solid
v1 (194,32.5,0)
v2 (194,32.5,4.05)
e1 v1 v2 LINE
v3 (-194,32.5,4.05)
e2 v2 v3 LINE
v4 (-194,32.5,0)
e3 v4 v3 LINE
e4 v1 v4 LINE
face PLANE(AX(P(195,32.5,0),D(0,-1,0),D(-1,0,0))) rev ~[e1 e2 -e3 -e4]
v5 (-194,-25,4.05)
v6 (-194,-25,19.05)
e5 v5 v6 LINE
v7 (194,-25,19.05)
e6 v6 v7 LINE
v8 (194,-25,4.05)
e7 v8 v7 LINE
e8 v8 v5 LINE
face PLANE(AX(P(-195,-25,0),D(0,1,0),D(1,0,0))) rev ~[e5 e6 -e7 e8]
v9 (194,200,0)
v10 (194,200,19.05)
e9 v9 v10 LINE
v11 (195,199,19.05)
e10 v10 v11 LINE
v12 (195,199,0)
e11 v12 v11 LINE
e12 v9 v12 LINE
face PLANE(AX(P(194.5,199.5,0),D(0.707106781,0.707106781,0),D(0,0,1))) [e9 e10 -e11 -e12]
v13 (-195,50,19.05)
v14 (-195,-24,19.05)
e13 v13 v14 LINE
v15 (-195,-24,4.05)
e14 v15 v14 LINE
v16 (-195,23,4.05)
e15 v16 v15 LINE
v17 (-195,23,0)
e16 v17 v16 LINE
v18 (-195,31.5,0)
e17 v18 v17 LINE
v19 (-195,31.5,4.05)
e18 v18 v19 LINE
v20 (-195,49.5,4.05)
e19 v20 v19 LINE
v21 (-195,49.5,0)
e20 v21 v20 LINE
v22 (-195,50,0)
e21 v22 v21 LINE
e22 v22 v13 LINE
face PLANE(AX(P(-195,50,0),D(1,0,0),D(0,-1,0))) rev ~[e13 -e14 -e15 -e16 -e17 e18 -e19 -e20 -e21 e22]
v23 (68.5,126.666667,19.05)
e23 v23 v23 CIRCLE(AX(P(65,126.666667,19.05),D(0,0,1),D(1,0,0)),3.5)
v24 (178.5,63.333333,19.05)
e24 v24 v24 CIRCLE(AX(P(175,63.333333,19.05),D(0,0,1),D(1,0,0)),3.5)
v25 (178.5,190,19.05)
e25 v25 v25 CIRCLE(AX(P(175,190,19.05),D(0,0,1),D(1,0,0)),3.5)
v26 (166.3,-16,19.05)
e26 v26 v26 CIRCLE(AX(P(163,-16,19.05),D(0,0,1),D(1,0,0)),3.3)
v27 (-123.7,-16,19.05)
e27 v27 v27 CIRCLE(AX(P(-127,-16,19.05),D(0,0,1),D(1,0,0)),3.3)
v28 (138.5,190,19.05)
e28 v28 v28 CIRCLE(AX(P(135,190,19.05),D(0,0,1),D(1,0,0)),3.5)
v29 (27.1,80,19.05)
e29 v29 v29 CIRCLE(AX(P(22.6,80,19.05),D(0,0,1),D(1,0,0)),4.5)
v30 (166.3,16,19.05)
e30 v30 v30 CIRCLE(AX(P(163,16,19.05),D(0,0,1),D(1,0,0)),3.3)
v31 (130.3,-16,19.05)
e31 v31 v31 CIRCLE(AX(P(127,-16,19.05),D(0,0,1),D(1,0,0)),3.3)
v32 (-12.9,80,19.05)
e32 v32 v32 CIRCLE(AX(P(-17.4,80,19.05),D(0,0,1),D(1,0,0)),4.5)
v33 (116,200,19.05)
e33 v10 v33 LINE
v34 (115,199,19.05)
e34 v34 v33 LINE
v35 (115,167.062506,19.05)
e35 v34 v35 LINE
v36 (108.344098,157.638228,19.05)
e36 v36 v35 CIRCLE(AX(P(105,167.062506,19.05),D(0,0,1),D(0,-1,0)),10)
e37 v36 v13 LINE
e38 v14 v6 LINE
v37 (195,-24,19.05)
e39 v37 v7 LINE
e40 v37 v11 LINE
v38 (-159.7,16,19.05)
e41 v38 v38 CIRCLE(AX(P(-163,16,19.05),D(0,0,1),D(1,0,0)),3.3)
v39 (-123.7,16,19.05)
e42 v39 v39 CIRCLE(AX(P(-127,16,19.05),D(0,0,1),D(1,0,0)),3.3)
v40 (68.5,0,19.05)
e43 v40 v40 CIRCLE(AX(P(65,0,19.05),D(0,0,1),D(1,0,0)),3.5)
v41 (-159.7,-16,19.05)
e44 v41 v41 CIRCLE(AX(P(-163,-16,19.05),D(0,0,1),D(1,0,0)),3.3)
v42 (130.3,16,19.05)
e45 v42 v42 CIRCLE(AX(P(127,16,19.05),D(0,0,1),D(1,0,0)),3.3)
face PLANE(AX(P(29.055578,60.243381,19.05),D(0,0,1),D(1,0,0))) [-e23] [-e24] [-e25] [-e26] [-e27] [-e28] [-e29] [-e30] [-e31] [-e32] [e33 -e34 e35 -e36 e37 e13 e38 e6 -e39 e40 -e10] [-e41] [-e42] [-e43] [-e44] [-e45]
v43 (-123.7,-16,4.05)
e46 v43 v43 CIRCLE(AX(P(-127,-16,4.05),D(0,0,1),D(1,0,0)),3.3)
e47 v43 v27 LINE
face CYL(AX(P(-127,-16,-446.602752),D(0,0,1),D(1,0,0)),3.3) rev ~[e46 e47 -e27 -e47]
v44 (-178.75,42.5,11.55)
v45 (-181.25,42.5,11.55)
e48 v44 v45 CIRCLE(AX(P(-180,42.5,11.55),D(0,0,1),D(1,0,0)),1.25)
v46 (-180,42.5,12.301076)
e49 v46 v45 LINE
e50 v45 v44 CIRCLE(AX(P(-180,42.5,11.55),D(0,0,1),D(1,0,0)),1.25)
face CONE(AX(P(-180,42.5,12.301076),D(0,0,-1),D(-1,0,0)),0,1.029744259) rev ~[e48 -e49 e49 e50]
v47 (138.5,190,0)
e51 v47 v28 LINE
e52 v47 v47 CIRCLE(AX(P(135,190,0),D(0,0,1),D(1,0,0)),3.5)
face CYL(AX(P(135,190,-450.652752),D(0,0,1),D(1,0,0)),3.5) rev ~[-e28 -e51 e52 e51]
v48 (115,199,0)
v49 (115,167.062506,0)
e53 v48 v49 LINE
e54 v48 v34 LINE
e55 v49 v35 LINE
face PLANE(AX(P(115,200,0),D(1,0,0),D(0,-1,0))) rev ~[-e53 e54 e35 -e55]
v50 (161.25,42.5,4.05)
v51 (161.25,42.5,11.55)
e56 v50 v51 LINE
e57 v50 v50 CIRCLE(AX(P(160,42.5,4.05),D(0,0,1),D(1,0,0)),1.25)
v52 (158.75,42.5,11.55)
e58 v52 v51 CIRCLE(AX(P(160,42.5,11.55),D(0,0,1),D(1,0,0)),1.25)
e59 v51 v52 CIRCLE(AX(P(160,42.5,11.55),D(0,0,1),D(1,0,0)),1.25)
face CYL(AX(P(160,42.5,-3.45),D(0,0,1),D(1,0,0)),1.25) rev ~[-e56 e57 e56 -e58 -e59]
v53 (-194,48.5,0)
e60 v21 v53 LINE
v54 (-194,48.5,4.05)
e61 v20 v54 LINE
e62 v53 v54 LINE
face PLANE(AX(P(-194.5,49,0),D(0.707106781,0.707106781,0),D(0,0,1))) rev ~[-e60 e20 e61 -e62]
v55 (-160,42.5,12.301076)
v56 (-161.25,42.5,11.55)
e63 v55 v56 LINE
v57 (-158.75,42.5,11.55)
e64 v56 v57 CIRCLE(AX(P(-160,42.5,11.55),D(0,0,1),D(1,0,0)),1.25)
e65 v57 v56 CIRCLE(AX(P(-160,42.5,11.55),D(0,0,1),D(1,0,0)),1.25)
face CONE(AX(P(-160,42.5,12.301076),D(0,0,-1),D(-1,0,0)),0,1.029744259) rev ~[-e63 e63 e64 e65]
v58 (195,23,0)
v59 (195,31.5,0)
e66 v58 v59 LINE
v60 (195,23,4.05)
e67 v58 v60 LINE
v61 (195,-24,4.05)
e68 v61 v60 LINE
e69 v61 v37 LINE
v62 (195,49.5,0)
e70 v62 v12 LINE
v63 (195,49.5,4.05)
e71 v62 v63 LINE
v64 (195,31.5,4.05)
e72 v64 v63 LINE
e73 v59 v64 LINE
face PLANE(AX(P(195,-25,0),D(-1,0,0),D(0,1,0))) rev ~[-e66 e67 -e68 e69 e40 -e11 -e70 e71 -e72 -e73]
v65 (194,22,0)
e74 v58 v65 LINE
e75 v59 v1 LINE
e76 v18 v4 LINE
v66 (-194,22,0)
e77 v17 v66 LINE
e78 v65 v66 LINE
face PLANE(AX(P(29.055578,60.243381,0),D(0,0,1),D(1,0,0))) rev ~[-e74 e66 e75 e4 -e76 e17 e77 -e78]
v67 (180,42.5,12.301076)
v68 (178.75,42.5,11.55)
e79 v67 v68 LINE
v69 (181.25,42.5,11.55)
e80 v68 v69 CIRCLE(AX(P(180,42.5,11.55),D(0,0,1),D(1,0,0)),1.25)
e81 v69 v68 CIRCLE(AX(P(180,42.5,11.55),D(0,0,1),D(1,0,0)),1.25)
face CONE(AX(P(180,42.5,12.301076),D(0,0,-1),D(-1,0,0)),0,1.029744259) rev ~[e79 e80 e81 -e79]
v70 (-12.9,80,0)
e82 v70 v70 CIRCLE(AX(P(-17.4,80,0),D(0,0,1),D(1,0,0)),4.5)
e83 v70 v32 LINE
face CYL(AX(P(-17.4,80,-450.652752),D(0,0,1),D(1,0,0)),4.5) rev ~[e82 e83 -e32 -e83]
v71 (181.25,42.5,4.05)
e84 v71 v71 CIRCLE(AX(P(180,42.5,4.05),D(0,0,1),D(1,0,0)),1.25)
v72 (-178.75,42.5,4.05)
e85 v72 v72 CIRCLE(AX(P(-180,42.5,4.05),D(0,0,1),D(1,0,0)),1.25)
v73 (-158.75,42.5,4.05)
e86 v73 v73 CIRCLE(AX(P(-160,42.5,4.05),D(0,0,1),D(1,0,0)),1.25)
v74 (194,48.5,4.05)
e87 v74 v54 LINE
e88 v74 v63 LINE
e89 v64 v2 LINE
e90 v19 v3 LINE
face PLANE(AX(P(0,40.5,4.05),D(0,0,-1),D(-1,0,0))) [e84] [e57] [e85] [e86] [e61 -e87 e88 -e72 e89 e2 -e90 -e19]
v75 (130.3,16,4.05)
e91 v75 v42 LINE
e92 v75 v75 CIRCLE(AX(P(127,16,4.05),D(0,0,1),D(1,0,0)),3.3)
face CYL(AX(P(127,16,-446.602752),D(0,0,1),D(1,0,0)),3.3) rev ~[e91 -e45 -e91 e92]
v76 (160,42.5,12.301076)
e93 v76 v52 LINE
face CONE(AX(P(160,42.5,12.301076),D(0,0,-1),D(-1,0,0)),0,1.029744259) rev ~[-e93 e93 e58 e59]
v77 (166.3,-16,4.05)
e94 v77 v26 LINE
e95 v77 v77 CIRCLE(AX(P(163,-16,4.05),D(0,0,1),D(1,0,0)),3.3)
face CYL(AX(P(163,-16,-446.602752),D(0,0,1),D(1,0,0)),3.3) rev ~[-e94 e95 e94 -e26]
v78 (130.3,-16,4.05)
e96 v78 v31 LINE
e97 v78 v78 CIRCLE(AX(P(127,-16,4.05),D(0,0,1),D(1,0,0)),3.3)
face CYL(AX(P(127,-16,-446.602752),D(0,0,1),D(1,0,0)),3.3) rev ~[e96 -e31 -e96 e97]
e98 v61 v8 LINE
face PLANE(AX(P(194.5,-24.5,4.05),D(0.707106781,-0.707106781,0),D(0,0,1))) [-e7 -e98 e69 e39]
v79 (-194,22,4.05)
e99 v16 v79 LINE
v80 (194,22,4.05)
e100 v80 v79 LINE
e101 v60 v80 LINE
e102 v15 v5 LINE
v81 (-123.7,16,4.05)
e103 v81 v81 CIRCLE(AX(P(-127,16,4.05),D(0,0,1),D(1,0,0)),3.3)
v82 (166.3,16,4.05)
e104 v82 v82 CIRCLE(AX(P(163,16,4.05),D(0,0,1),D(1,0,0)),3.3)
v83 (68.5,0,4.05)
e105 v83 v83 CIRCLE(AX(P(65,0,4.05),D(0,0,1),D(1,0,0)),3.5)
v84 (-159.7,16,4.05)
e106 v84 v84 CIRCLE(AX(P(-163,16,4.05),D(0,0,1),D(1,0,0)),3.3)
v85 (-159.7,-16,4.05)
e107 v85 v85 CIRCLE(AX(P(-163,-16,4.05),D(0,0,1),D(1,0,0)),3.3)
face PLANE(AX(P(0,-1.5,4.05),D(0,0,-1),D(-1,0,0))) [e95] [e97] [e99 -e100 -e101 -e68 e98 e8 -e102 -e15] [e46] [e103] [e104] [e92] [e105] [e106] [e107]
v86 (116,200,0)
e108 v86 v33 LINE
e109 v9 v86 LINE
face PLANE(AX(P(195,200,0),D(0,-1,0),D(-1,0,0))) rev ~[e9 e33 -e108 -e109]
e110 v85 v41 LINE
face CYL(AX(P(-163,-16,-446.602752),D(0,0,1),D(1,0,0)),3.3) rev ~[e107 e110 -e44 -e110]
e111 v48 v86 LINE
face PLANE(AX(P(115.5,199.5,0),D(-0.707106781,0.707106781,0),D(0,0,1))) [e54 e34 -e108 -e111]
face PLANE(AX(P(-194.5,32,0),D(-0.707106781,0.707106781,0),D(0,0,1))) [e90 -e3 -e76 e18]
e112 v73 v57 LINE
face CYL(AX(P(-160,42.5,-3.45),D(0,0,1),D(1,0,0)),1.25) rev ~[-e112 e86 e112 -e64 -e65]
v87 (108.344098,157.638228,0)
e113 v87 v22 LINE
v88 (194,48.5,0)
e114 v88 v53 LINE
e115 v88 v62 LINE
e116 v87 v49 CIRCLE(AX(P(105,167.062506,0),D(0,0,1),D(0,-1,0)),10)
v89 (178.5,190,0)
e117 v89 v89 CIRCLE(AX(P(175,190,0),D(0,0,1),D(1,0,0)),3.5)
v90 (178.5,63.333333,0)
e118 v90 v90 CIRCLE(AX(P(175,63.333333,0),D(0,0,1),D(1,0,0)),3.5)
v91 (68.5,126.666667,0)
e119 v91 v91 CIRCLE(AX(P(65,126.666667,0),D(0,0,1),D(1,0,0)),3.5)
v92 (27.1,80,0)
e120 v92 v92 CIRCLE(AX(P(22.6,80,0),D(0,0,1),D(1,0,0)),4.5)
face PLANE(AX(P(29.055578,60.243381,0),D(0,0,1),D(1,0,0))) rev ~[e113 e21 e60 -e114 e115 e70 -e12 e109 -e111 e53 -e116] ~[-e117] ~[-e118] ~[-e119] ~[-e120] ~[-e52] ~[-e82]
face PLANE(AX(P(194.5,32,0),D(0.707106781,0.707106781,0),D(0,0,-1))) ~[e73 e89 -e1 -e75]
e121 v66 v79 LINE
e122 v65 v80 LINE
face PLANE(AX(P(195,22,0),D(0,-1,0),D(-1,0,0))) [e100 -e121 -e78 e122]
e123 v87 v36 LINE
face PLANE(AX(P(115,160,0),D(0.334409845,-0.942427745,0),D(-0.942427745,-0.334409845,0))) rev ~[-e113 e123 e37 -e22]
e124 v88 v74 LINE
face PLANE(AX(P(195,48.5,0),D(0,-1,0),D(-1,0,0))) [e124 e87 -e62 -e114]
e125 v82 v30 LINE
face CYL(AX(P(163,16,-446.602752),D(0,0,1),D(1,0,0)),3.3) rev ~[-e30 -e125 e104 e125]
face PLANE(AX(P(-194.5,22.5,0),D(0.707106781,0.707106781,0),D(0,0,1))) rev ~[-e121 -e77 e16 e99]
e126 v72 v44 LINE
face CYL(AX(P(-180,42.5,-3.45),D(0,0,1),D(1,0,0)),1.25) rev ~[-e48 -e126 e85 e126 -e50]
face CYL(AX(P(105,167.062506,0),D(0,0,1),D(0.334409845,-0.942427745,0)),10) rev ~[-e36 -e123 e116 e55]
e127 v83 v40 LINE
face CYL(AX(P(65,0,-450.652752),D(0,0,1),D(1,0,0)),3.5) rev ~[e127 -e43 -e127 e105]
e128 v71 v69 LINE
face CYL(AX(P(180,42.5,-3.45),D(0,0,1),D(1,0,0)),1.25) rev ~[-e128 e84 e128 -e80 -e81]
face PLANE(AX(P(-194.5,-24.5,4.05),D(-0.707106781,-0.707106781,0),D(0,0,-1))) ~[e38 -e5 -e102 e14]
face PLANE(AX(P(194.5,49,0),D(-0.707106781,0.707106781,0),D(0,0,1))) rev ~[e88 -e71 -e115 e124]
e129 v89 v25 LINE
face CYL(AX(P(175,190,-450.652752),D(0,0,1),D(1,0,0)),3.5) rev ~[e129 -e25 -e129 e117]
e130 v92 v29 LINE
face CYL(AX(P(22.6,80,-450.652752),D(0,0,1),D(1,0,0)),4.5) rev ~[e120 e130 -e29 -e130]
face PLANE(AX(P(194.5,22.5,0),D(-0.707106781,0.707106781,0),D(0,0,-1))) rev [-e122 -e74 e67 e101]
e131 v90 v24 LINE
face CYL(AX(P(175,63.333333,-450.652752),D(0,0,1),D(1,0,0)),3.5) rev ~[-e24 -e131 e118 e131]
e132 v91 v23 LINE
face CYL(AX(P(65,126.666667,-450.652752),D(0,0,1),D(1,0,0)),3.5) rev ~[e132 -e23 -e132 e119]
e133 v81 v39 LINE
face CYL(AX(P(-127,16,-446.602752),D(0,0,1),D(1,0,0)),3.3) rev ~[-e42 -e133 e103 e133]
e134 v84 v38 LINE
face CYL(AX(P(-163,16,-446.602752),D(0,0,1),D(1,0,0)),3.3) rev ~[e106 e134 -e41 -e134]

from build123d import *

# Parameters (mm, degrees)
BOSS_EXTRUDE1_DEPTH       = 19.05
SKETCH2_W                 = 390
SKETCH2_H                 = 47
SKETCH2_H_2               = 16
CUT_EXTRUDE2_DEPTH        = 4.05
M6_CLEARANCE_HOLE1_D      = 6.6
M6_CLEARANCE_HOLE2_D      = 6.6
M3X0_5_TAPPED_HOLE1_D     = 2.5
M3X0_5_TAPPED_HOLE1_DEPTH = 7.5
M3X0_5_TAPPED_HOLE1_TIP   = 0.751075774
M8X1_0_TAPPED_HOLE1_D     = 7
M8_CLEARANCE_HOLE1_D      = 9
FILLET1_R                 = 10
CHAMFER1_SIZE             = 1


with BuildPart() as part:
    # Sketch1 → Boss-Extrude1 (new body)
    with BuildSketch(Plane.XY):
        Polygon((-195, 50), (-195, -25), (195, -25), (195, 200), (115, 200), (115, 160), align=None)
    extrude(amount=BOSS_EXTRUDE1_DEPTH)

    # Sketch2 → Cut-Extrude2 (cut)
    with BuildSketch(Plane(origin=(0, 0, 0), x_dir=(-1, 0, 0), z_dir=(0, 0, -1))):
        with Locations((0, -1.5)):
            Rectangle(SKETCH2_W, SKETCH2_H)
        with Locations((0, 40.5)):
            Rectangle(SKETCH2_W, SKETCH2_H_2)
    extrude(amount=-CUT_EXTRUDE2_DEPTH, mode=Mode.SUBTRACT)

    # M6 Clearance Hole1 (through all)
    with Locations(Plane(origin=(0, 0, 4.05), x_dir=(-1, 0, 0), z_dir=(0, 0, -1))):
        with Locations((127, 16), (163, 16), (163, -16), (127, -16)):
            Hole(M6_CLEARANCE_HOLE1_D / 2)

    # M6 Clearance Hole2 (through all)
    with Locations(Plane(origin=(0, 0, 4.05), x_dir=(-1, 0, 0), z_dir=(0, 0, -1))):
        with Locations((-163, 16), (-127, 16), (-127, -16), (-163, -16)):
            Hole(M6_CLEARANCE_HOLE2_D / 2)

    # M3x0.5 Tapped Hole1
    with Locations(Plane(origin=(0, 0, 4.05), x_dir=(-1, 0, 0), z_dir=(0, 0, -1))):
        with Locations((-180, 42.5), (-160, 42.5), (180, 42.5), (160, 42.5)):
            Hole(M3X0_5_TAPPED_HOLE1_D / 2, depth=M3X0_5_TAPPED_HOLE1_DEPTH)
            with Locations((0, 0, -(M3X0_5_TAPPED_HOLE1_DEPTH + M3X0_5_TAPPED_HOLE1_TIP / 2))):  # 118° drill point
                Cone(0, M3X0_5_TAPPED_HOLE1_D / 2, M3X0_5_TAPPED_HOLE1_TIP, mode=Mode.SUBTRACT)

    # M8x1.0 Tapped Hole1 (through all)
    with Locations(Plane(origin=(0, 0, 0), x_dir=(-1, 0, 0), z_dir=(0, 0, -1))):
        with Locations((-175, 190), (-135, 190), (-65, 126.666666667), (-175, 63.333333333), (-65, 0)):
            Hole(M8X1_0_TAPPED_HOLE1_D / 2)

    # M8 Clearance Hole1 (through all)
    with Locations(Plane(origin=(0, 0, 0), x_dir=(-1, 0, 0), z_dir=(0, 0, -1))):
        with Locations((-22.6, 80), (17.4, 80)):
            Hole(M8_CLEARANCE_HOLE1_D / 2)

    # Fillet1
    fillet1_edges = [part.edges().sort_by_distance(p)[0] for p in [
        (115, 160, 9.525),
    ]]
    fillet(fillet1_edges, radius=FILLET1_R)

    # Chamfer1
    chamfer1_edges = [part.edges().sort_by_distance(p)[0] for p in [
        (115, 200, 9.525),
        (195, 200, 9.525),
        (195, -25, 11.55),
        (-195, -25, 11.55),
        (-195, 22, 2.025),
        (195, 22, 2.025),
        (-195, 32.5, 2.025),
        (-195, 48.5, 2.025),
        (195, 48.5, 2.025),
        (195, 32.5, 2.025),
    ]]
    chamfer(chamfer1_edges, length=CHAMFER1_SIZE)


solid = part.part
